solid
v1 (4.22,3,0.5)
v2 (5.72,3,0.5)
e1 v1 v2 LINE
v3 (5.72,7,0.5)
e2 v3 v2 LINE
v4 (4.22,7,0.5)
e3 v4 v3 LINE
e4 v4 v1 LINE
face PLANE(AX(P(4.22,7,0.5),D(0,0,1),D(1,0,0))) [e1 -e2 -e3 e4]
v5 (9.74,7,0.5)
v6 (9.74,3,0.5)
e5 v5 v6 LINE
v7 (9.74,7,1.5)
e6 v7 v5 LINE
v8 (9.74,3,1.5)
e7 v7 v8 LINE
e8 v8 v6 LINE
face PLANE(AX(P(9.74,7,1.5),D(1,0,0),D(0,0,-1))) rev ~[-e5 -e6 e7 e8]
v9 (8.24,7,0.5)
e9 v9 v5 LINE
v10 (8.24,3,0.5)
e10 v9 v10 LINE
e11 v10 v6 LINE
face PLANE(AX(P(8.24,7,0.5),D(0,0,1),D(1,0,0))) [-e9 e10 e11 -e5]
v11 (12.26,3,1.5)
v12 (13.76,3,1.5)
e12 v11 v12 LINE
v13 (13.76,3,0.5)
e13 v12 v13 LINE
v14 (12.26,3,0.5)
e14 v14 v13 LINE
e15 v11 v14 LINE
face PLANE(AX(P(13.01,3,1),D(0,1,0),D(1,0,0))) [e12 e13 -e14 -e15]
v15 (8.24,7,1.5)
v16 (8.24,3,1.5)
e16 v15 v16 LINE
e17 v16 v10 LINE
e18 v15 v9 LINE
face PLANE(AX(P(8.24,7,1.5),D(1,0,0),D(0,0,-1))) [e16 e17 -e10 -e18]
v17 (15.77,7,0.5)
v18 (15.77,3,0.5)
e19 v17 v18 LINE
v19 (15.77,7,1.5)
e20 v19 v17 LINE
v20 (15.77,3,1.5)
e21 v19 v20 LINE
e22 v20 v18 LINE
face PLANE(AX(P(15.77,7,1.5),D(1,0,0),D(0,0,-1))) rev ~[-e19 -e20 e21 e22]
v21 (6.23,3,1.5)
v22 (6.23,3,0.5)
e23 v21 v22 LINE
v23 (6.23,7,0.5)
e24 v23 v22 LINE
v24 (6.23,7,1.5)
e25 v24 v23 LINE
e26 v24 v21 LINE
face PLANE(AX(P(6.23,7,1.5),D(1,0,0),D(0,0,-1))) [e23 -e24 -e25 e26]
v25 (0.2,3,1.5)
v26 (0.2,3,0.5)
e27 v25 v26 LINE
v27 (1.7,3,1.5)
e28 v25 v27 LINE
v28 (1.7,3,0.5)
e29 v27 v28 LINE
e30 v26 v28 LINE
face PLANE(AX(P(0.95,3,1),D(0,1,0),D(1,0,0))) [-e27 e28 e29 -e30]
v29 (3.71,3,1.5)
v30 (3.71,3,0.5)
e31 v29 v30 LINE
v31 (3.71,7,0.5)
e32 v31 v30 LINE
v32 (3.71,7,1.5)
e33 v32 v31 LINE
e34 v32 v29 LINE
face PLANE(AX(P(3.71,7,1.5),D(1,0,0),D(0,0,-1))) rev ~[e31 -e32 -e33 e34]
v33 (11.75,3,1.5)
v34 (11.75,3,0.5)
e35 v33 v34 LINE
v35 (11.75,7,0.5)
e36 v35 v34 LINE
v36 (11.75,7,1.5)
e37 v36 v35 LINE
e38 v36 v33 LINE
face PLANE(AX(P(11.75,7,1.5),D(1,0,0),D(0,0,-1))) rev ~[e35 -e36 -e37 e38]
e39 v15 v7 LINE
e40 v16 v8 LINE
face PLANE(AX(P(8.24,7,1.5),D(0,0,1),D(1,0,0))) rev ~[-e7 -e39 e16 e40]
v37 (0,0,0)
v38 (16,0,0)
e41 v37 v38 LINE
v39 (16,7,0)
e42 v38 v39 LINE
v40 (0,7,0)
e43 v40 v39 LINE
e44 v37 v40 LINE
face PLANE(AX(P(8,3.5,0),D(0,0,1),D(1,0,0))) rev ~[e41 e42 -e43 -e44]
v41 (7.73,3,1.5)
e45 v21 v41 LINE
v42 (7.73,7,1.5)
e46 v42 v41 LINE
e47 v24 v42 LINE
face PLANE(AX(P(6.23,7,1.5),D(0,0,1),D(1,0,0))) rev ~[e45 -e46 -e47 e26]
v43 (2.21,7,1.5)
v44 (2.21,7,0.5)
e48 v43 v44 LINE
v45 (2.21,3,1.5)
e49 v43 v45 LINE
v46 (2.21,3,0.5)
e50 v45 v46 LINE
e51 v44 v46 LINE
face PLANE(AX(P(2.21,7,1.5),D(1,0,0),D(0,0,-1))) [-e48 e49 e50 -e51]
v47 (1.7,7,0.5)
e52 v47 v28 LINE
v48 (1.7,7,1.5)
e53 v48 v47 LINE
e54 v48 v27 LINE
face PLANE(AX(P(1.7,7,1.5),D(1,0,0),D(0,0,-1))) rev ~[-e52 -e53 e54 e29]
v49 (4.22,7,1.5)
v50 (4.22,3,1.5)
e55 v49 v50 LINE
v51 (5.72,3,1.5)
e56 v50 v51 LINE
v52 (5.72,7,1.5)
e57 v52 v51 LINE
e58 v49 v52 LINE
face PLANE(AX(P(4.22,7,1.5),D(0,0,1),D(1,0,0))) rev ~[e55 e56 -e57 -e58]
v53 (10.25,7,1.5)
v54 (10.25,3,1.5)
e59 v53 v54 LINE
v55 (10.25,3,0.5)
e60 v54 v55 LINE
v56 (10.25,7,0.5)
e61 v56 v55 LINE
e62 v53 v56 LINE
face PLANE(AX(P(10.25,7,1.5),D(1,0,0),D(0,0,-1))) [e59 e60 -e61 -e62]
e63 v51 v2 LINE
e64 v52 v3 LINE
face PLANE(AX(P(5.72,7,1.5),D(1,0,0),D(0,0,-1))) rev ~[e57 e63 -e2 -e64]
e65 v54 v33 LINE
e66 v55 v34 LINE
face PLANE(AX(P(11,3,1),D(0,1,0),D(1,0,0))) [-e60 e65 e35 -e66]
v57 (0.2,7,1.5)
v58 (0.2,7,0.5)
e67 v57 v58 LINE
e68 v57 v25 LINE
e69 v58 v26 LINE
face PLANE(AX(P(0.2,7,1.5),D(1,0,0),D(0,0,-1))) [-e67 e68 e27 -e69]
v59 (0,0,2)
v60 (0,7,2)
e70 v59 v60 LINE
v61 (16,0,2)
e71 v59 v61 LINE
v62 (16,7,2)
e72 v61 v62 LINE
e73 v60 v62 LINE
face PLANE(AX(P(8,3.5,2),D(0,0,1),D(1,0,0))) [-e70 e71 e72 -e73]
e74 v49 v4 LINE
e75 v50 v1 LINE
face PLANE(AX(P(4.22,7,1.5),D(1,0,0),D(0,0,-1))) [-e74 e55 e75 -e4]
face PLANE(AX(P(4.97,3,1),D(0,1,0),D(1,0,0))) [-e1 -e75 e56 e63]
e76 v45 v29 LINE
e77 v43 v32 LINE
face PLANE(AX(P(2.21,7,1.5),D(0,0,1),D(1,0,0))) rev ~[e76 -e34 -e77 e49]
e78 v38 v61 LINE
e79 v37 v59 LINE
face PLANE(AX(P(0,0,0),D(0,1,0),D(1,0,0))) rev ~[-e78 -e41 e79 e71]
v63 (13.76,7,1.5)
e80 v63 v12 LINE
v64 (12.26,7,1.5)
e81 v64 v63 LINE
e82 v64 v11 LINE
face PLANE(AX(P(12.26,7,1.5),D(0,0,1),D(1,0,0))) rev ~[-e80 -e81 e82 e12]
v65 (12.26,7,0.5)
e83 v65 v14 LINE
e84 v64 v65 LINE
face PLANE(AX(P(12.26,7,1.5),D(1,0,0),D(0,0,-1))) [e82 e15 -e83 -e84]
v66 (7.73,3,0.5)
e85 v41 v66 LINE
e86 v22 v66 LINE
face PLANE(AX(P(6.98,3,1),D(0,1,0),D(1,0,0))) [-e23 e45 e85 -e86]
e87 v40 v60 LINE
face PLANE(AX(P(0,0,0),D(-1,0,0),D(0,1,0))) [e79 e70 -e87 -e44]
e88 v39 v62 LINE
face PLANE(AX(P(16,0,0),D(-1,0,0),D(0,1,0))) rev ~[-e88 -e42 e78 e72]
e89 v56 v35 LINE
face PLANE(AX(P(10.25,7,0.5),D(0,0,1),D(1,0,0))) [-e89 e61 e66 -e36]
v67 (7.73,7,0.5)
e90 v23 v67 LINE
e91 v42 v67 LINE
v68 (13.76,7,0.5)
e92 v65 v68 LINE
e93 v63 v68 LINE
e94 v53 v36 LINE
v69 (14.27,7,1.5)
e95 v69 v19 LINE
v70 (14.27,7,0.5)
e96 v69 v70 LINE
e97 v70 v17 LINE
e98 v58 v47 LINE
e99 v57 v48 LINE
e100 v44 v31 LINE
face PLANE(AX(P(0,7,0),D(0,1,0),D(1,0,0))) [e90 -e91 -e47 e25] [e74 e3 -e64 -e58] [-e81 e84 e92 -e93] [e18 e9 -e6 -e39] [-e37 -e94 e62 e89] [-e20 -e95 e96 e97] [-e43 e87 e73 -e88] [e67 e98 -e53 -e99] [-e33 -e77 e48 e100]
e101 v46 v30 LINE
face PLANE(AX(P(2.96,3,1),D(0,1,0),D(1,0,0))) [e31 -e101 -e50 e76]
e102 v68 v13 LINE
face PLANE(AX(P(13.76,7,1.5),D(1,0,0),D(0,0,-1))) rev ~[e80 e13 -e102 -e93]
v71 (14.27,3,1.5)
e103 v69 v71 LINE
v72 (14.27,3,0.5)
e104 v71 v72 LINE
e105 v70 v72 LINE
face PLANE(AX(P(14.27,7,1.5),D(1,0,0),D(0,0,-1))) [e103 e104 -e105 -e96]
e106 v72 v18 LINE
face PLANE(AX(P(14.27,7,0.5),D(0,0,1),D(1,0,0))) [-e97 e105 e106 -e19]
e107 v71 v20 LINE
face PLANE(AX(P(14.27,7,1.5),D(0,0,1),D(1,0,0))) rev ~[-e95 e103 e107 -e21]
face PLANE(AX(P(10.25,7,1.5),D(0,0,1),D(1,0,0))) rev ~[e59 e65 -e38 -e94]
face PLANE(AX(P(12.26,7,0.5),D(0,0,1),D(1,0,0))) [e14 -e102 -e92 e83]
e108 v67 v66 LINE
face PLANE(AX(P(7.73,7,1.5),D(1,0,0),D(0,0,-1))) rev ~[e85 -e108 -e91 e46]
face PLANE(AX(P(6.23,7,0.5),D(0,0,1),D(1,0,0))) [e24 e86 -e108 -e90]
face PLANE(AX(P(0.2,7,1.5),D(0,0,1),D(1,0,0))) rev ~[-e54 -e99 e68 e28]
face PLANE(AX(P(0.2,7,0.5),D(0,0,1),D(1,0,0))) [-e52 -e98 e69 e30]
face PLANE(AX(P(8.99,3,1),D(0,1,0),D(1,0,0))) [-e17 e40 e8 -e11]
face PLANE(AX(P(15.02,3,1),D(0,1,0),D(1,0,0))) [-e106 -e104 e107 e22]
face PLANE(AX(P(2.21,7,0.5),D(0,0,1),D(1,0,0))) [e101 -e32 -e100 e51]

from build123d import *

# Parameters (mm, degrees)
SKETCH1_W           = 16
SKETCH1_H           = 7
BOSS_EXTRUDE1_DEPTH = 2
SKETCH2_W           = 1.5
SKETCH2_H           = 1
CUT_EXTRUDE1_DEPTH  = 4
LPATTERN1_COUNT     = 8
LPATTERN1_PITCH     = 2.01


with BuildPart() as part:
    # Sketch1 → Boss-Extrude1 (new body)
    with BuildSketch(Plane.XY):
        with Locations((8, 3.5)):
            Rectangle(SKETCH1_W, SKETCH1_H)
    extrude(amount=BOSS_EXTRUDE1_DEPTH)

    # Sketch2 → Cut-Extrude1 (cut)
    with BuildSketch(Plane(origin=(0, 7, 0), x_dir=(1, 0, 0), z_dir=(0, 1, 0))):
        with Locations((0.95, -1)):
            Rectangle(SKETCH2_W, SKETCH2_H)
    cut_extrude1 = extrude(amount=-CUT_EXTRUDE1_DEPTH, mode=Mode.SUBTRACT)

    # LPattern1: Cut-Extrude1 ×8
    with Locations(*[(i * LPATTERN1_PITCH, 0, 0) for i in range(1, LPATTERN1_COUNT)]):
        add(cut_extrude1, mode=Mode.SUBTRACT)


solid = part.part
